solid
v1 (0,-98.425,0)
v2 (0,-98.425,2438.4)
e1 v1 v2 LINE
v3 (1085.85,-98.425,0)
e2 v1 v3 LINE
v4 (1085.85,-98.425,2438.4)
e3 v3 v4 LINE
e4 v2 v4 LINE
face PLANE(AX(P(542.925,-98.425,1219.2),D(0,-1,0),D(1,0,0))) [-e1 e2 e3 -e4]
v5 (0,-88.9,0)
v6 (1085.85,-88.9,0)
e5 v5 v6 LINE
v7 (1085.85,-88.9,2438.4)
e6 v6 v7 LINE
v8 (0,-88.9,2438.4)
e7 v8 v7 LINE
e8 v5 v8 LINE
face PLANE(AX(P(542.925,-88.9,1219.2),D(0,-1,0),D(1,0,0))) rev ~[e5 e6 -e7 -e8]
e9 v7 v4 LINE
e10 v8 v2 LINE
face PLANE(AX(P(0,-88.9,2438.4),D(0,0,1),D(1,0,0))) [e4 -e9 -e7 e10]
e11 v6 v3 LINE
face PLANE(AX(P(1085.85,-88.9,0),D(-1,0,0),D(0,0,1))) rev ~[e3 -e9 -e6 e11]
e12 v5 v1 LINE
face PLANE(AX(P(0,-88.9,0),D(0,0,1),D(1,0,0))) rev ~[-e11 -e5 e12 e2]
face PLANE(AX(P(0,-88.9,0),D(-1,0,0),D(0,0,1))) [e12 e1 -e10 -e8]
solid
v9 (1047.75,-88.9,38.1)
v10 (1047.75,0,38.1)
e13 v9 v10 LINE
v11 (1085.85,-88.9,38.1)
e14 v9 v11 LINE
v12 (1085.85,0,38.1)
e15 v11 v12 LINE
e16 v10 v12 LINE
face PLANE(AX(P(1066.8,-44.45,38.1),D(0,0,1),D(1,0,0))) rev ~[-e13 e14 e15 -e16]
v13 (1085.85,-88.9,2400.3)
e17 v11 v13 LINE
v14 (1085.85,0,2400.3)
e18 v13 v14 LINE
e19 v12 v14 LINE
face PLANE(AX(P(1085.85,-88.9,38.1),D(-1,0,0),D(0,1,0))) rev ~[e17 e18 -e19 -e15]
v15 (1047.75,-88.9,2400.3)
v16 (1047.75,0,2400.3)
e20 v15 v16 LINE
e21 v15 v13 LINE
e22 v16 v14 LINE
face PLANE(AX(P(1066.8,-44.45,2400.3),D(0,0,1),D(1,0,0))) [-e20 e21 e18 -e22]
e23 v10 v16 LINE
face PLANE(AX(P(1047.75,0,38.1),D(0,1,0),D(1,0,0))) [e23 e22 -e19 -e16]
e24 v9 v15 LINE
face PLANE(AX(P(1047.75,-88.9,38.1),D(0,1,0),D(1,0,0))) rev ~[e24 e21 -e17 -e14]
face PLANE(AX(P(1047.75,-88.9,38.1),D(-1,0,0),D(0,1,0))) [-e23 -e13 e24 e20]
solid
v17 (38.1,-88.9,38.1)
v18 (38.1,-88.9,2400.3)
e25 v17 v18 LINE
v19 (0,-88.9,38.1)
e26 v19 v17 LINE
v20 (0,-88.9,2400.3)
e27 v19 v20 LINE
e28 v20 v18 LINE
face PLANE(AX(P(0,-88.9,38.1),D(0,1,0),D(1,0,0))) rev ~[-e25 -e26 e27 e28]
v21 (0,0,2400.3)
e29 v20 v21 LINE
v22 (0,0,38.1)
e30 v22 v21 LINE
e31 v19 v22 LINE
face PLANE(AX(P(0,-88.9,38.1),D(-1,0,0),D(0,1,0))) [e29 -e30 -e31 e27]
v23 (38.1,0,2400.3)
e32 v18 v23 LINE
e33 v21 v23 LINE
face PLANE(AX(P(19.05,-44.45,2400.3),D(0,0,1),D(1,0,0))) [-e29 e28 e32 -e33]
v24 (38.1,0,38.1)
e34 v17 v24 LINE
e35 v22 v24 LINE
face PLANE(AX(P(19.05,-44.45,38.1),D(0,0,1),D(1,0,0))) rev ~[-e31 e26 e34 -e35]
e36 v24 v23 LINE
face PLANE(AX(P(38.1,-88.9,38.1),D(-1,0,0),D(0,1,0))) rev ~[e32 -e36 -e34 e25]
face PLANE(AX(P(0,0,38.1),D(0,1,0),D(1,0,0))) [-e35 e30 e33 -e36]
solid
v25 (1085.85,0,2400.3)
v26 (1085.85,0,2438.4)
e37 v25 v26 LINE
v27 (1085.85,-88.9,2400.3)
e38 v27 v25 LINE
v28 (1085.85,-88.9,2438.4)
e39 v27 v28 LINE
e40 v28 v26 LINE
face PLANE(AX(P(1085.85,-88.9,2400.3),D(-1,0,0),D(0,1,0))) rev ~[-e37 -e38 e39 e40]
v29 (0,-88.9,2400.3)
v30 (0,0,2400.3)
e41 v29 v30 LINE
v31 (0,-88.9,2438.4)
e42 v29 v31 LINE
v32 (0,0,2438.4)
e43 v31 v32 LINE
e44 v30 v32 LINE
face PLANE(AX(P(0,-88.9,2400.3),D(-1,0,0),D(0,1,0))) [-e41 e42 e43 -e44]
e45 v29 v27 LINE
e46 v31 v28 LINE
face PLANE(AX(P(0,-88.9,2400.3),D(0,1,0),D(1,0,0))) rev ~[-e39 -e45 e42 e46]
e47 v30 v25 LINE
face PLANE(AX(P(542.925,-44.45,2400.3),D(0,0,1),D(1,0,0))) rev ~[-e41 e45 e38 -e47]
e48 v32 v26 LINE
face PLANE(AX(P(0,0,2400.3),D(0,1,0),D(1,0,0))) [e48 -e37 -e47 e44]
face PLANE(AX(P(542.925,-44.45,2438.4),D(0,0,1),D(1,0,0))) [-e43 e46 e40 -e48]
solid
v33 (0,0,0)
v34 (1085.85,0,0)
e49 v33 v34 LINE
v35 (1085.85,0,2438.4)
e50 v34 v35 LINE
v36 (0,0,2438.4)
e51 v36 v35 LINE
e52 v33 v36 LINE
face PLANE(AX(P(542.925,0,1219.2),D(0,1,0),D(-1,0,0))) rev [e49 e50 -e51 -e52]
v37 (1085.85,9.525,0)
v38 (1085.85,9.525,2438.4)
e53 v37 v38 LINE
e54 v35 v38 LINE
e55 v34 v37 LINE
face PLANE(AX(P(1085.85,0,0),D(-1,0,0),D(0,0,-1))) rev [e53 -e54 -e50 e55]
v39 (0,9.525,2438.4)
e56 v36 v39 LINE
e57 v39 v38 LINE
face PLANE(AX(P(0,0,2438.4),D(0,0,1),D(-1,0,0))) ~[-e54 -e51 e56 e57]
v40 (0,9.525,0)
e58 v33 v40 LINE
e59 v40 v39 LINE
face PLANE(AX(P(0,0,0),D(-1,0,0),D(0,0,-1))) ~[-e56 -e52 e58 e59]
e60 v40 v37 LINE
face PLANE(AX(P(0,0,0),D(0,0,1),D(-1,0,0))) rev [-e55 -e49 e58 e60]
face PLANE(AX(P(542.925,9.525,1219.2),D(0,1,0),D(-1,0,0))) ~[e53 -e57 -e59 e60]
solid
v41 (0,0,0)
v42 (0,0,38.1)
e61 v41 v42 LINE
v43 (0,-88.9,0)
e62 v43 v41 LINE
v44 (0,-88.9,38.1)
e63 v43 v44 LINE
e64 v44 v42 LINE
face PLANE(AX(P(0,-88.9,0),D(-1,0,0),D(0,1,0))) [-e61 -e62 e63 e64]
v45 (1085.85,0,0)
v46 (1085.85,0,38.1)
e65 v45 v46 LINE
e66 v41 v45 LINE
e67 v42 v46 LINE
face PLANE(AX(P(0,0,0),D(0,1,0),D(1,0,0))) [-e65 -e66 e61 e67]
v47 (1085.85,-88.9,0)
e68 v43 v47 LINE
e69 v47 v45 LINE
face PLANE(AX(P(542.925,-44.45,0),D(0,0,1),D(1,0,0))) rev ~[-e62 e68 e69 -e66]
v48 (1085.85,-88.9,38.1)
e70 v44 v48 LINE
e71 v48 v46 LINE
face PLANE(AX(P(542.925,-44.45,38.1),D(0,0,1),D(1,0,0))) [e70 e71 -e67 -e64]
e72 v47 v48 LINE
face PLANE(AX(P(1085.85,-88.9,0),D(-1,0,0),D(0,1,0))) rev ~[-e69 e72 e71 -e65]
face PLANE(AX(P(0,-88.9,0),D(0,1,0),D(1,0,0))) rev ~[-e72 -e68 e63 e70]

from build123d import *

# Parameters (mm, degrees)
F0_W     = 1085.85
F0_H     = 88.9
F1_DEPTH = 38.1
F2_W     = 38.1
F2_H     = 88.9
F3_DEPTH = 2362.2
F4_W     = 1085.85
F4_H     = 88.9
F5_DEPTH = 38.1
F6_W     = 1085.85
F6_H     = 2438.4
F7_DEPTH = 9.525


with BuildPart() as f1:
    # F0 (on Top) → F1 (new body)
    with BuildSketch(Plane.XY):
        with Locations((542.925, -44.45)):
            Rectangle(F0_W, F0_H)
    extrude(amount=F1_DEPTH)


with BuildPart() as f3:
    # F2 (on face) → F3 (new body)
    with BuildSketch(Plane.XY.offset(38.1)):
        with Locations((19.05, -44.45)):
            Rectangle(F2_W, F2_H)
    extrude(amount=F3_DEPTH)


with BuildPart() as f3b:
    # F2 (on face) → F3, piece 2 (new body)
    with BuildSketch(Plane.XY.offset(38.1)):
        with Locations((1066.8, -44.45)):
            Rectangle(F2_W, F2_H)
    extrude(amount=F3_DEPTH)


with BuildPart() as f5:
    # F4 (on face) → F5 (new body)
    with BuildSketch(Plane.XY.offset(2400.3)):
        with Locations((542.925, -44.45)):
            Rectangle(F4_W, F4_H)
    extrude(amount=F5_DEPTH)


with BuildPart() as f7:
    # F6 (on face) → F7 (new body)
    with BuildSketch(Plane.XZ.offset(88.9)):
        with Locations((542.925, 1219.2)):
            Rectangle(F6_W, F6_H)
    extrude(amount=F7_DEPTH)


with BuildPart() as f12_1:
    # F12: instance of F7
    add(f7.part.mirror(Plane(origin=(1085.85, -44.45, 2438.4), x_dir=(0, 0, -1), z_dir=(0, -1, 0))))


solid = Compound([f1.part, f3.part, f3b.part, f5.part, f7.part, f12_1.part])
